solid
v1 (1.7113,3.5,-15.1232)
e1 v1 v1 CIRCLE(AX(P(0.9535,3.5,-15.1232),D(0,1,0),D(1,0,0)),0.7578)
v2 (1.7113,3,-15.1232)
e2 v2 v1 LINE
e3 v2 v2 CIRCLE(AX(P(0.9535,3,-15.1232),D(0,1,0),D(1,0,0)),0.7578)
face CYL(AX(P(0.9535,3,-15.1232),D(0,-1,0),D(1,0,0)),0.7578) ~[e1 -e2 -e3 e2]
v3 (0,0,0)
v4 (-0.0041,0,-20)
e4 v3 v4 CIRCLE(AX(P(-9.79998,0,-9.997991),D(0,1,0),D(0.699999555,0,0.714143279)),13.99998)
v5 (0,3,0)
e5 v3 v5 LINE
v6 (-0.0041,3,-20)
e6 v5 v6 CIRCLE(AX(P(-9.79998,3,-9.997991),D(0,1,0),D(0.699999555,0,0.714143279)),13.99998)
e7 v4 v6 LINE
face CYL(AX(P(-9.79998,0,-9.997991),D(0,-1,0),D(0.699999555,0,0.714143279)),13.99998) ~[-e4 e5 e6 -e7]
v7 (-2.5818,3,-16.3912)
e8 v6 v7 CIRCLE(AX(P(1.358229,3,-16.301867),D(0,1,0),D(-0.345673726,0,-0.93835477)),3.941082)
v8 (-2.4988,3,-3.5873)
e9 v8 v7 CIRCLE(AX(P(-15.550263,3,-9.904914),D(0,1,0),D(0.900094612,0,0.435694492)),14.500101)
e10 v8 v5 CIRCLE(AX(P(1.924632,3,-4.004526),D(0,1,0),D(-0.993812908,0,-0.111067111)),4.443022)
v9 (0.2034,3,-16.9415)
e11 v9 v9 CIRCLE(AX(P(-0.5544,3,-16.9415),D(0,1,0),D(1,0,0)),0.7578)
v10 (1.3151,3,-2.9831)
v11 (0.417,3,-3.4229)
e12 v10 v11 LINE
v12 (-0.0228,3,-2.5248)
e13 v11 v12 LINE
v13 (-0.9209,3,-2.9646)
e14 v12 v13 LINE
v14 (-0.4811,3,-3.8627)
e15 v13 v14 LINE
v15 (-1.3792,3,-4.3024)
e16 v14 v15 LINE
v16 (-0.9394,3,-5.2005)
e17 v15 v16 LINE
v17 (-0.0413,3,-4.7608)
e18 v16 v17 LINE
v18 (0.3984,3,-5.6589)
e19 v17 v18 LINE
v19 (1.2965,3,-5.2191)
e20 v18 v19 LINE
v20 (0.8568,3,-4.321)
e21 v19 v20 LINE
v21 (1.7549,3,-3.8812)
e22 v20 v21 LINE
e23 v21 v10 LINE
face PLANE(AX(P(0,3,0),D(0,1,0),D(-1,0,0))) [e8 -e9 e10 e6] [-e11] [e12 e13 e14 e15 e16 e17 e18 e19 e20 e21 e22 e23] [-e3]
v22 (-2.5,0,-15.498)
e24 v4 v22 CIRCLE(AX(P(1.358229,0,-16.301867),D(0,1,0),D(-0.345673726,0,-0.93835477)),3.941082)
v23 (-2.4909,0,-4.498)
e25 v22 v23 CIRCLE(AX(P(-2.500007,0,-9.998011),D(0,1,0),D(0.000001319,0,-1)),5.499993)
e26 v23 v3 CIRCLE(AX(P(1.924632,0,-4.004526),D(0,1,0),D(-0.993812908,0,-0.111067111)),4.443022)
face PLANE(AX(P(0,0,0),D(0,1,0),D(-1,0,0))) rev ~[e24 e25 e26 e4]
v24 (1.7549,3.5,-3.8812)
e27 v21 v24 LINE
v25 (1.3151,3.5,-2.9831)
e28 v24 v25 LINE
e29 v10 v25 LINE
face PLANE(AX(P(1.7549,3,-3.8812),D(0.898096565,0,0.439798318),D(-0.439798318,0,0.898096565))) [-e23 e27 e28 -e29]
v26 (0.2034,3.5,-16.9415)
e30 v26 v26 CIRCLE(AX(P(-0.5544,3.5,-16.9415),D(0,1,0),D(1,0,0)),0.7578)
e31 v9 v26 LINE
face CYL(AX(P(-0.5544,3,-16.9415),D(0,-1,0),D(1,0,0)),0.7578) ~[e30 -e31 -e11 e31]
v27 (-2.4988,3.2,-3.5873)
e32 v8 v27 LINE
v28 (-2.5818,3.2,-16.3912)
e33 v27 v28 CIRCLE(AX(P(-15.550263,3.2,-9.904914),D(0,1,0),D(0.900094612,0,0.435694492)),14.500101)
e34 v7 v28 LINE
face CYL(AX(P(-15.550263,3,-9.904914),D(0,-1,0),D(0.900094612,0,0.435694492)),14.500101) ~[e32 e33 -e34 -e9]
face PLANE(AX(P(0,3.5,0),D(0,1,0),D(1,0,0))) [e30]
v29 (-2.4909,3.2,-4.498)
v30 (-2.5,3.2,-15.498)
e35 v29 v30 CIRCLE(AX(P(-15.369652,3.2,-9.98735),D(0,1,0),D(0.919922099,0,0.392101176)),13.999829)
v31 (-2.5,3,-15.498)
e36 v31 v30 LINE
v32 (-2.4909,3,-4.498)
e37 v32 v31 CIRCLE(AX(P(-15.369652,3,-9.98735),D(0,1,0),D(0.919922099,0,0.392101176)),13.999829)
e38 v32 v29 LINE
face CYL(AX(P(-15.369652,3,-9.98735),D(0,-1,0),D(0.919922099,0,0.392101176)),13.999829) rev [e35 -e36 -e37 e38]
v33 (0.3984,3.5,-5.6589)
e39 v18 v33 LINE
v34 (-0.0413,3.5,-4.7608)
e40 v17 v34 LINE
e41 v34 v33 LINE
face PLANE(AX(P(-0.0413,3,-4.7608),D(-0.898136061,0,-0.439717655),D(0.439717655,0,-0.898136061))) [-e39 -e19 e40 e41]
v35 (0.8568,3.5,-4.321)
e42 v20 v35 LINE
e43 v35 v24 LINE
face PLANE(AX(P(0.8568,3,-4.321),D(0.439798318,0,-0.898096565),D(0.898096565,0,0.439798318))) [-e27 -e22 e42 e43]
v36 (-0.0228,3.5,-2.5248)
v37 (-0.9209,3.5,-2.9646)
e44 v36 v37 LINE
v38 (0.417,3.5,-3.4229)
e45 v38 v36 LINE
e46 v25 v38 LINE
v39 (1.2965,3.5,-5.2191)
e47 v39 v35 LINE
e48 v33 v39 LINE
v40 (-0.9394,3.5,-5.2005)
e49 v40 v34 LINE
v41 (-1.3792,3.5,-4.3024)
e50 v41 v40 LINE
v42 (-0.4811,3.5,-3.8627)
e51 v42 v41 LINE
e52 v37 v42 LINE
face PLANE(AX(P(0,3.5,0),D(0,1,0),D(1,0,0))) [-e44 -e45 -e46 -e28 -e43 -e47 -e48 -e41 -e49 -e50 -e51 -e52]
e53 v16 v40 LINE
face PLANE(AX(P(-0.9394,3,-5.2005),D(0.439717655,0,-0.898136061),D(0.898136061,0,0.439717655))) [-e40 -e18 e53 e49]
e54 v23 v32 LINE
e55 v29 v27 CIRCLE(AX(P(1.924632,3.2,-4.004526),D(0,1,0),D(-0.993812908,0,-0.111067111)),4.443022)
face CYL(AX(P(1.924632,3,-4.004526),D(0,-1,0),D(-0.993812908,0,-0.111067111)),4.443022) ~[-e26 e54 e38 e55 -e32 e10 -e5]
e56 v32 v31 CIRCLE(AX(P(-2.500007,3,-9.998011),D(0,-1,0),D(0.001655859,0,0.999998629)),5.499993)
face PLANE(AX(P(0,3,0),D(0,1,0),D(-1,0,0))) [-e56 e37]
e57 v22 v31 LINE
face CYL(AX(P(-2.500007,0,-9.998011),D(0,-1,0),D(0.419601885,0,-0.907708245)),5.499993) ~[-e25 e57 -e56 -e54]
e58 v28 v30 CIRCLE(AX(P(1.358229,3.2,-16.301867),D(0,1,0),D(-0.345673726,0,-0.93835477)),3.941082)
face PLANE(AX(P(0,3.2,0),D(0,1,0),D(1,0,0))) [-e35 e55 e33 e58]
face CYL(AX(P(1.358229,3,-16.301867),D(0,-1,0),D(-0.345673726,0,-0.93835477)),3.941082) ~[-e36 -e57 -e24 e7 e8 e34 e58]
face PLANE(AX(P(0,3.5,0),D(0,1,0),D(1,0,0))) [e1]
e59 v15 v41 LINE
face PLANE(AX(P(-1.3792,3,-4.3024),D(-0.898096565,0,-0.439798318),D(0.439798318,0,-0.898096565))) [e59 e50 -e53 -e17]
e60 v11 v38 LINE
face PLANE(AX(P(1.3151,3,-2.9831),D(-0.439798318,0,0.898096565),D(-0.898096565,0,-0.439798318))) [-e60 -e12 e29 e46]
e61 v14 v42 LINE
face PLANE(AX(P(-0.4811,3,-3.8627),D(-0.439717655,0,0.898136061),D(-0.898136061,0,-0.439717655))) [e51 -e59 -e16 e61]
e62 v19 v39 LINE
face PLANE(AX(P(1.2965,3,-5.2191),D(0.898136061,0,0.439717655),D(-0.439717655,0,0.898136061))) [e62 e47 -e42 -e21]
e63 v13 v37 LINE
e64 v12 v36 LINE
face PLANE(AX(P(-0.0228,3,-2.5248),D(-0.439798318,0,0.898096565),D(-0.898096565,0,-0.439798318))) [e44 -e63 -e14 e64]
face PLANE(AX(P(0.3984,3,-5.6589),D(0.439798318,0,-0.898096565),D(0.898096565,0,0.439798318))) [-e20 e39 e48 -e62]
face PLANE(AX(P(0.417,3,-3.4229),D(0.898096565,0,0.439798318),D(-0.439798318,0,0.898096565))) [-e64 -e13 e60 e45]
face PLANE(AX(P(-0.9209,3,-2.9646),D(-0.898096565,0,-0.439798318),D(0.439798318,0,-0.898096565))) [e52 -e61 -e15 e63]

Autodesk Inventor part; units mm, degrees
ref_plane "YZ Plane" through (0, 0, 0) normal (1, 0, 0) x (0, 1, 0)
ref_plane "XZ Plane" through (0, 0, 0) normal (0, 1, 0) x (-1, 0, 0)
ref_plane "XY Plane" through (0, 0, 0) normal (0, 0, 1) x (1, 0, 0)
sketch "Sketch3" plane through (0, 0, 0) normal (0, 1, 0) x (-1, 0, 0)
  arc A0 (0, 0) -> (0.0041, -20) centre (9.8, -9.998) ccw
  arc A1 (0.1922, -14.9904) -> (0.2252, -4.9905) centre (2.5, -9.998) ccw
  arc A2 (2.4909, -4.498) -> (0, 0) centre (-1.9245, -4.0045) ccw
  line L0 (9.8, -9.998) -> (2.5, -9.998)
  arc A3 (0.0041, -20) -> (2.5, -15.498) centre (-1.3582, -16.3019) ccw
  dimension "d4" = 20
  dimension "d7" = 10
  dimension "d10" = 7.3
  dimension "d11" = 0
  dimension "d12" = 2.5
  dimension "d13" = 5.5
extrude "Extrusion1" add sketch "Sketch3" along normal blind 3
sketch "Sketch4" plane through (0, 3, 0) normal (0, 1, 0) x (1, 0, 0)
  arc A0 (-2.4909, 4.498) -> (0, 0) centre (1.9245, 4.0045) ccw projected
  arc A1 (-0.0041, 20) -> (-2.5, 15.498) centre (1.3582, 16.3019) ccw projected
  line L0 (0, 0) -> (-0.0041, 20) construction
  circle A2 centre (-0.5544, 16.9415) radius 0.7578
  circle A3 centre (0.9535, 15.1232) radius 0.7578
  line L1 (-1.3792, 4.3024) -> (-0.9394, 5.2005)
  line L2 (-1.3792, 4.3024) -> (-0.4332, 4.6265) construction
  line L3 (-0.9394, 5.2005) -> (-0.0413, 4.7608)
  line L4 (-0.0413, 4.7608) -> (0.3984, 5.6589)
  line L5 (0.3984, 5.6589) -> (1.2965, 5.2191)
  line L6 (1.2965, 5.2191) -> (0.8568, 4.321)
  line L7 (0.8568, 4.321) -> (1.7549, 3.8812)
  line L8 (1.7549, 3.8812) -> (1.3151, 2.9831)
  line L9 (1.3151, 2.9831) -> (0.417, 3.4229)
  line L10 (0.417, 3.4229) -> (-0.0228, 2.5248)
  line L11 (-0.0228, 2.5248) -> (-0.9209, 2.9646)
  line L12 (-0.9209, 2.9646) -> (-0.4811, 3.8627)
  line L13 (-0.4811, 3.8627) -> (-1.3792, 4.3024)
  dimension "d20" = 1
  dimension "d21" = 45
  dimension "d22" = 1
  dimension "d24" = 1
  dimension "d25" = 1
  dimension "d26" = 1
  dimension "d27" = 1
  dimension "d28" = 1
  dimension "d29" = 1
  dimension "d30" = 1
  dimension "d32" = 1
  dimension "d33" = 1
extrude "Extrusion2" add sketch "Sketch4" along normal blind 0.5
sketch "Sketch5" plane through (0, 3, 0) normal (0, 1, 0) x (1, 0, 0)
  arc A0 (-2.5, 15.498) -> (-2.4909, 4.498) centre (-2.5, 9.998) ccw projected
  arc A1 (-2.4909, 4.498) -> (0, 0) centre (1.9245, 4.0045) ccw projected
  arc A2 (-0.0041, 20) -> (-2.5, 15.498) centre (1.3582, 16.3019) ccw projected
  arc A3 (-2.4909, 4.498) -> (-2.5, 15.498) centre (-15.3699, 9.9874) ccw
  arc A4 (-2.4988, 3.5873) -> (-2.5818, 16.3912) centre (-15.5502, 9.9049) ccw
  point P0 (-1.3699, 9.9989)
  point P1 (-1.0505, 9.9989)
  dimension "d37" = 14
  dimension "d38" = 14.5
  dimension "d39" = 0
  dimension "d40" = 0.3194
extrude "Extrusion3" add sketch "Sketch5" along normal blind 0.2 contours A2 A4 A1 A3
properties part number "Alien tomadagi base design"
